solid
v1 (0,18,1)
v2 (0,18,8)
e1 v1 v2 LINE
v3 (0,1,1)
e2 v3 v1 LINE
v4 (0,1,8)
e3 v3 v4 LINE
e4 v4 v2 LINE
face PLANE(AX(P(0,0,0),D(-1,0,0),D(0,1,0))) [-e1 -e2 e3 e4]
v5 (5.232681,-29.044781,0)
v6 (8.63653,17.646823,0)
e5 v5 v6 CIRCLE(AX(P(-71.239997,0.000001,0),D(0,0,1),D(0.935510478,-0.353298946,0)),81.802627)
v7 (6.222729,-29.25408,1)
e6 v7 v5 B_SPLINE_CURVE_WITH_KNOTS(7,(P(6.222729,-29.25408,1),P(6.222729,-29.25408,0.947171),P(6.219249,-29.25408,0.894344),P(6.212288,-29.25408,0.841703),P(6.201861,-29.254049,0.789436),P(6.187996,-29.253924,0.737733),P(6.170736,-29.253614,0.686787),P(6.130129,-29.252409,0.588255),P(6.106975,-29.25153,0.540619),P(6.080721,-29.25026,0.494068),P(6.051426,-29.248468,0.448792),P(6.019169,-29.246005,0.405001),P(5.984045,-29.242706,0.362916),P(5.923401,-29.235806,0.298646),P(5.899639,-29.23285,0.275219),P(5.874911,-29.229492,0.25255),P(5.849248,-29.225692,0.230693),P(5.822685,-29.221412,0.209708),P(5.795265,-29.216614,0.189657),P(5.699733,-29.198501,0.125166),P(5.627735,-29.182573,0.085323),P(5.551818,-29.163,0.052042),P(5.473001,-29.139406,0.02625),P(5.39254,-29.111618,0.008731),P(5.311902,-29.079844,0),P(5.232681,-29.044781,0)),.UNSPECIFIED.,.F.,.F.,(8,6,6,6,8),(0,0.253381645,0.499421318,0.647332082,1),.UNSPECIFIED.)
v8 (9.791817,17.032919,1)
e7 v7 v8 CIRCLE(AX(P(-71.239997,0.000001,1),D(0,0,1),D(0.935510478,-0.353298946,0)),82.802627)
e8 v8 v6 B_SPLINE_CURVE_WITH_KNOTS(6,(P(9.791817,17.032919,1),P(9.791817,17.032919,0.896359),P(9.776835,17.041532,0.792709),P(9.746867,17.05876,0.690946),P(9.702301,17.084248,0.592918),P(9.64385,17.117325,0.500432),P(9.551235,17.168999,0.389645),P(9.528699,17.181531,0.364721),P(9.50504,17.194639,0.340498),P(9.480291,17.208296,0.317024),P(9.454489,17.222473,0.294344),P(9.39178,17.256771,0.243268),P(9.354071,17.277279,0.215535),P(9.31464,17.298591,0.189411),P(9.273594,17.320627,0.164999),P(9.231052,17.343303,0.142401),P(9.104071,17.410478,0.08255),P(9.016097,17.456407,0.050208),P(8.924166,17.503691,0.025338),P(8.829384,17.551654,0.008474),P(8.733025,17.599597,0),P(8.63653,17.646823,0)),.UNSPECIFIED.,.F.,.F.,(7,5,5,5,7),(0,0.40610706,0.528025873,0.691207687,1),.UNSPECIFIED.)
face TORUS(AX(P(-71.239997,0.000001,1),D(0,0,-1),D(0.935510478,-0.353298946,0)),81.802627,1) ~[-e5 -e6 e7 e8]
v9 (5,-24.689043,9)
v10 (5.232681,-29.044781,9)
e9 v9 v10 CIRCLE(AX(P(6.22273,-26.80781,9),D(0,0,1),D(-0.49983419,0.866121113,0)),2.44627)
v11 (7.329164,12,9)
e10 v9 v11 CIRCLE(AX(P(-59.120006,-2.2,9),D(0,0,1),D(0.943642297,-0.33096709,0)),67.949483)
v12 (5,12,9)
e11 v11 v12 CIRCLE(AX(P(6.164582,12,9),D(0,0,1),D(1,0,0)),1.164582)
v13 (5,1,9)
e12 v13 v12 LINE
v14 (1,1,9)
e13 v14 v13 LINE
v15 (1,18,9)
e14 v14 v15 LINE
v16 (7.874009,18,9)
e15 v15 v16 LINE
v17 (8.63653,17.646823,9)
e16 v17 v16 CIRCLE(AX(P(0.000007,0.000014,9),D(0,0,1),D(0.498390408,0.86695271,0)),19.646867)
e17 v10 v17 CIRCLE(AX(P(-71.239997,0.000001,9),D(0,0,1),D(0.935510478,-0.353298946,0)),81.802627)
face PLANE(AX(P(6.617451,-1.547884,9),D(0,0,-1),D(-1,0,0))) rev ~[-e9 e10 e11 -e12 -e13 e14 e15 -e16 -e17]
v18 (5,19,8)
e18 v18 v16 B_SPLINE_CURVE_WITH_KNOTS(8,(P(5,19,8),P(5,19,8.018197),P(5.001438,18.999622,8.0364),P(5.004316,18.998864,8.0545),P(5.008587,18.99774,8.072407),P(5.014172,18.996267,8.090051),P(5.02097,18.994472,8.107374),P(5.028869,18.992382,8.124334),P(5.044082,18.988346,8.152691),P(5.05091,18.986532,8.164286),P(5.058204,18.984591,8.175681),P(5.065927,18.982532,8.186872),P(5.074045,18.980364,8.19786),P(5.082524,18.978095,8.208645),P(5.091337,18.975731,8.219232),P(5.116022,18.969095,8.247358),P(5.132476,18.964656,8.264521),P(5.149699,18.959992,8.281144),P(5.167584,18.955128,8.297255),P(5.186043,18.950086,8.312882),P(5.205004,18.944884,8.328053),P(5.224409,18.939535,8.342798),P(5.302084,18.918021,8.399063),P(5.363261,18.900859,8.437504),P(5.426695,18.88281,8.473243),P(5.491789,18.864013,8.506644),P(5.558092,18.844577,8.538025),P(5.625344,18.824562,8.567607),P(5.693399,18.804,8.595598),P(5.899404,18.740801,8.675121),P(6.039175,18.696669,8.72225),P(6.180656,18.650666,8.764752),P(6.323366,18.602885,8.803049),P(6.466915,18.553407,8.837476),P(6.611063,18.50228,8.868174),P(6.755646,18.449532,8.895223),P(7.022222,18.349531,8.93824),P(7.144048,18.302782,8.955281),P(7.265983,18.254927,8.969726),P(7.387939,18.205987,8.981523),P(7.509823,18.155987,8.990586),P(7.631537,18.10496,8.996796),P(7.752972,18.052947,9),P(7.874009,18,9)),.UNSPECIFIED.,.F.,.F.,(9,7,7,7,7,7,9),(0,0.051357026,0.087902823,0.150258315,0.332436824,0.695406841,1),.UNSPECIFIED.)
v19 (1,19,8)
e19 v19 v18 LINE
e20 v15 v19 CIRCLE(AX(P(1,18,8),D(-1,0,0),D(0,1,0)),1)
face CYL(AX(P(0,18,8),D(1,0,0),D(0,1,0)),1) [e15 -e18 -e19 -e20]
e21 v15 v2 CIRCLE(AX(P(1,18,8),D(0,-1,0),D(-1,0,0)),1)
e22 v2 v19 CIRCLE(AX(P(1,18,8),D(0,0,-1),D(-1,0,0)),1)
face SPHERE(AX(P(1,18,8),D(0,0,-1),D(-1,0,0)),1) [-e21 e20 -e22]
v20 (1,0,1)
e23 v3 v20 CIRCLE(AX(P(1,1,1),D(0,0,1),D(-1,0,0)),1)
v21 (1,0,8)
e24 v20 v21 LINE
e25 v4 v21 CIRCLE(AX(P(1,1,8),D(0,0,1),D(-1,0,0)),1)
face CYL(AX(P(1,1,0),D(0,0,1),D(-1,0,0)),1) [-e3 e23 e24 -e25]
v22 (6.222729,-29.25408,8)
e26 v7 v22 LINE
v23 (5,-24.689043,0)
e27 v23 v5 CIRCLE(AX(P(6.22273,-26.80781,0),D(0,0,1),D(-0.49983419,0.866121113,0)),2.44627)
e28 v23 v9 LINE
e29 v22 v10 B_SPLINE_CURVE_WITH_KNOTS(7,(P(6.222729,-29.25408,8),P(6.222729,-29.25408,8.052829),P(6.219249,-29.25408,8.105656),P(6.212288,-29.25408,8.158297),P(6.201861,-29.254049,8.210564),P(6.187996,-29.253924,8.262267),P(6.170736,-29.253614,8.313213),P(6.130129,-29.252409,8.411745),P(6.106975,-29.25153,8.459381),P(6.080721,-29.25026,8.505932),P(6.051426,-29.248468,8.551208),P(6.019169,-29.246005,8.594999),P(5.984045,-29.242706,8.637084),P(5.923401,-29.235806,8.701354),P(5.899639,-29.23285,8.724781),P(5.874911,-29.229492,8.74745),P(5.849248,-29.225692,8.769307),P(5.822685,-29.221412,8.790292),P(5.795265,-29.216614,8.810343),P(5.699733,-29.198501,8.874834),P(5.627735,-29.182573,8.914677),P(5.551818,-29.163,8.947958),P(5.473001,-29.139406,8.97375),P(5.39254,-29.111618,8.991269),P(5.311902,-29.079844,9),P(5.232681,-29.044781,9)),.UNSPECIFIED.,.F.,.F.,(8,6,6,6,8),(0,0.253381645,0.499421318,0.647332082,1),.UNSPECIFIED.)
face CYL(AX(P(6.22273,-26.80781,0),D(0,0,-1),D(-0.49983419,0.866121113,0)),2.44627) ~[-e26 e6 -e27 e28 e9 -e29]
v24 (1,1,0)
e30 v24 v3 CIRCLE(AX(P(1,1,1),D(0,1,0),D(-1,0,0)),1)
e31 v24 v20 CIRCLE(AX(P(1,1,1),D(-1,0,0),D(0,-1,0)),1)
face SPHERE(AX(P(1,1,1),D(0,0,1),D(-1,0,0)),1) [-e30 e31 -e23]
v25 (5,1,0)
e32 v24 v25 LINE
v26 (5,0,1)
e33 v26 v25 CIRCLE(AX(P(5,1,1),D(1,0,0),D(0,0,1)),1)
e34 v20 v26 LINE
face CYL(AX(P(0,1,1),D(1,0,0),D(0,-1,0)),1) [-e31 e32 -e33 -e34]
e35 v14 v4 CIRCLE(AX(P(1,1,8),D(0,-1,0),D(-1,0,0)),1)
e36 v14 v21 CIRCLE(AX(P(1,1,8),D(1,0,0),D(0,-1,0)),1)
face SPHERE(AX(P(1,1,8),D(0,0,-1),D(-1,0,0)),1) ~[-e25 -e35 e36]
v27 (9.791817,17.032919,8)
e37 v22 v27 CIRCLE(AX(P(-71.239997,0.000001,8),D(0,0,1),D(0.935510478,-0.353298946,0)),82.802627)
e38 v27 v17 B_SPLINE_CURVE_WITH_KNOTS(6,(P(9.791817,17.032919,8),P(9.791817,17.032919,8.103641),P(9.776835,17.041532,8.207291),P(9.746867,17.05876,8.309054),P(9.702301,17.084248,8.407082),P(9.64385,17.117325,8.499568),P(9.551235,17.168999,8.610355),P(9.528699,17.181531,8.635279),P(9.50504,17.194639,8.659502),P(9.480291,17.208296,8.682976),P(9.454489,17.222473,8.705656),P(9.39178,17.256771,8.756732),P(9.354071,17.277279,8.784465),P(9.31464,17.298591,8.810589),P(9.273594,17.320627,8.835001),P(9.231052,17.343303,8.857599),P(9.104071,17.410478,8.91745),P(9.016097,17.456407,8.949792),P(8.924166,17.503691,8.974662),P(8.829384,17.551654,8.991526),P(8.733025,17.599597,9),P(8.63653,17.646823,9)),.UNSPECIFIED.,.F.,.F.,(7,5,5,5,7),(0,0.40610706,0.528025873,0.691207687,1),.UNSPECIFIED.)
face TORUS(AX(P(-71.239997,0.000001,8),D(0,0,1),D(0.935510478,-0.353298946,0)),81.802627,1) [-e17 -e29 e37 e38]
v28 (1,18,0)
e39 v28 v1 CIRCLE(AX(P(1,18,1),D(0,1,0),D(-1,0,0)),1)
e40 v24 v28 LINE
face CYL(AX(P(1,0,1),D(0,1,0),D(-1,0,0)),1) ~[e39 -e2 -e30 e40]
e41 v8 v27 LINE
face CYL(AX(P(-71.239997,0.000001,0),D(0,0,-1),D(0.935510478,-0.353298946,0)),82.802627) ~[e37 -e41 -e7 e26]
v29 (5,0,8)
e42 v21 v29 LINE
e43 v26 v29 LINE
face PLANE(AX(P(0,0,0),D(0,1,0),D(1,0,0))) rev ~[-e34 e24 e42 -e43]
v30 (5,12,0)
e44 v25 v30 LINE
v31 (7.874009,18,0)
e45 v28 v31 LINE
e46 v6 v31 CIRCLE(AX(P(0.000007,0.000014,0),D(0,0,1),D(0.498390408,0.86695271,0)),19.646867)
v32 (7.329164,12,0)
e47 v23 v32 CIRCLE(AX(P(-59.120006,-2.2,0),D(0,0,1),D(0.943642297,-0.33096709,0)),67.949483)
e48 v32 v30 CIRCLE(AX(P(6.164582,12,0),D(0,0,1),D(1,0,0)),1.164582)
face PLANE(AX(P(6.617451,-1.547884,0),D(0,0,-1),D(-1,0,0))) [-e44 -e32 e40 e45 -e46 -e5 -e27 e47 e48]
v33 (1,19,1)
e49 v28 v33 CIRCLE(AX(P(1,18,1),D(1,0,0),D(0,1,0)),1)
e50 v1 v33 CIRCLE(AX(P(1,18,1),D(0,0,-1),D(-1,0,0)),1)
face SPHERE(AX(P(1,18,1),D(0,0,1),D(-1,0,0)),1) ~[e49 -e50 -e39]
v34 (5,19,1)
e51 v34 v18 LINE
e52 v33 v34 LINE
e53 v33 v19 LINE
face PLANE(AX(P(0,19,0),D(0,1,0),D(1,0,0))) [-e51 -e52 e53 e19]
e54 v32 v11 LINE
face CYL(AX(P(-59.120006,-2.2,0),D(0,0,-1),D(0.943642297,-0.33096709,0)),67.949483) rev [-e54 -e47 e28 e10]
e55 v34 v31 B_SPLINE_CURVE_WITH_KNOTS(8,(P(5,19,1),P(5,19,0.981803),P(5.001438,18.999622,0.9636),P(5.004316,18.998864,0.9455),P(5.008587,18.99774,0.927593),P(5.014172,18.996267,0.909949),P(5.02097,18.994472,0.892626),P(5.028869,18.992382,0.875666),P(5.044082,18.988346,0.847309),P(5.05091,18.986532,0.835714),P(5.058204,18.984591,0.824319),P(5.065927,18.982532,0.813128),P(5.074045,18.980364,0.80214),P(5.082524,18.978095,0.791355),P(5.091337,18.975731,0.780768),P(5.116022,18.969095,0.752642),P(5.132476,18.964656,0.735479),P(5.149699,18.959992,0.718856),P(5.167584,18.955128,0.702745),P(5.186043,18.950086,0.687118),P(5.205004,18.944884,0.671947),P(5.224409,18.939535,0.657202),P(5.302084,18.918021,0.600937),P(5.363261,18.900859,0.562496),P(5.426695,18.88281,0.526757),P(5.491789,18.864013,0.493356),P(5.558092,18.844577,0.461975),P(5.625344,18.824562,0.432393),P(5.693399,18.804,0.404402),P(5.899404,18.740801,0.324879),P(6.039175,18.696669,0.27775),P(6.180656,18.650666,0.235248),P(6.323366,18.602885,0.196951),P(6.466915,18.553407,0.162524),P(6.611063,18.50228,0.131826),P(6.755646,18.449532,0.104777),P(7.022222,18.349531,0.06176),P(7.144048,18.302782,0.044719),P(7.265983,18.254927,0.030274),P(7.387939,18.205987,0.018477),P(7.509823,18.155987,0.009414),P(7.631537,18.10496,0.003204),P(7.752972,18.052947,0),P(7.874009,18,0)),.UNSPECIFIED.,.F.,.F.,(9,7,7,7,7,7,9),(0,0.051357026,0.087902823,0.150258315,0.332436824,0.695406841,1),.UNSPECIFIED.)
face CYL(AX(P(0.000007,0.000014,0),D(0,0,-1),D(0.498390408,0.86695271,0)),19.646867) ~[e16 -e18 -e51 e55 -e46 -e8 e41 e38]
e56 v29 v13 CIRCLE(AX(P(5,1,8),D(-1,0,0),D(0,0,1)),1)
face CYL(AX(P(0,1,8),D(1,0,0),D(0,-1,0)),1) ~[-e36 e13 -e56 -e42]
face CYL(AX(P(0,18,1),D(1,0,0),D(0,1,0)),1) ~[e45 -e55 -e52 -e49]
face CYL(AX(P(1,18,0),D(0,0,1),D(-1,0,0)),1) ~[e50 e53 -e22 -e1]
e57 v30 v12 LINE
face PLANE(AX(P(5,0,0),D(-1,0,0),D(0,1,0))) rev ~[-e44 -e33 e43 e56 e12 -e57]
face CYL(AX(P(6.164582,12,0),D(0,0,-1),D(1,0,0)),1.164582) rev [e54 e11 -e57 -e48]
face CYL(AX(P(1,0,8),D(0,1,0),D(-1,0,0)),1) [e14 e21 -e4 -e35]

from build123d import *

# Parameters (mm, degrees)
PAD_DEPTH = 9
FILLET_R  = 1


with BuildPart() as part:
    # Sketch → Pad (new body)
    with BuildSketch(Plane.XY):
        with BuildLine():
            Line((0, 0), (0, 19))
            Line((0, 19), (5, 19))
            ThreePointArc((9.791817, 17.032919), (7.461019, 18.175071), (5, 19))
            ThreePointArc((6.222729, -29.25408), (11.317567, -6.36583), (9.791817, 17.032919))
            ThreePointArc((5, -24.689043), (3.859753, -27.440724), (6.222729, -29.25408))
            ThreePointArc((5, -24.689043), (8.692964, -6.505033), (7.329164, 12))
            ThreePointArc((7.329164, 12), (6.164582, 13.164582), (5, 12))
            Line((5, 0), (5, 12))
            Line((0, 0), (5, 0))
        make_face()
    extrude(amount=PAD_DEPTH)

    # Fillet
    fillet_edges = [part.edges().sort_by_distance(p)[0] for p in [
        (0, 0, 4.5),
        (0, 19, 4.5),
        (0, 9.5, 0),
        (0, 9.5, 9),
        (2.5, 19, 9),
        (2.5, 19, 0),
        (2.5, 0, 0),
        (2.5, 0, 9),
        (11.317567, -6.36583, 9),
        (11.317567, -6.36583, 0),
    ]]
    fillet(fillet_edges, radius=FILLET_R)


solid = part.part
